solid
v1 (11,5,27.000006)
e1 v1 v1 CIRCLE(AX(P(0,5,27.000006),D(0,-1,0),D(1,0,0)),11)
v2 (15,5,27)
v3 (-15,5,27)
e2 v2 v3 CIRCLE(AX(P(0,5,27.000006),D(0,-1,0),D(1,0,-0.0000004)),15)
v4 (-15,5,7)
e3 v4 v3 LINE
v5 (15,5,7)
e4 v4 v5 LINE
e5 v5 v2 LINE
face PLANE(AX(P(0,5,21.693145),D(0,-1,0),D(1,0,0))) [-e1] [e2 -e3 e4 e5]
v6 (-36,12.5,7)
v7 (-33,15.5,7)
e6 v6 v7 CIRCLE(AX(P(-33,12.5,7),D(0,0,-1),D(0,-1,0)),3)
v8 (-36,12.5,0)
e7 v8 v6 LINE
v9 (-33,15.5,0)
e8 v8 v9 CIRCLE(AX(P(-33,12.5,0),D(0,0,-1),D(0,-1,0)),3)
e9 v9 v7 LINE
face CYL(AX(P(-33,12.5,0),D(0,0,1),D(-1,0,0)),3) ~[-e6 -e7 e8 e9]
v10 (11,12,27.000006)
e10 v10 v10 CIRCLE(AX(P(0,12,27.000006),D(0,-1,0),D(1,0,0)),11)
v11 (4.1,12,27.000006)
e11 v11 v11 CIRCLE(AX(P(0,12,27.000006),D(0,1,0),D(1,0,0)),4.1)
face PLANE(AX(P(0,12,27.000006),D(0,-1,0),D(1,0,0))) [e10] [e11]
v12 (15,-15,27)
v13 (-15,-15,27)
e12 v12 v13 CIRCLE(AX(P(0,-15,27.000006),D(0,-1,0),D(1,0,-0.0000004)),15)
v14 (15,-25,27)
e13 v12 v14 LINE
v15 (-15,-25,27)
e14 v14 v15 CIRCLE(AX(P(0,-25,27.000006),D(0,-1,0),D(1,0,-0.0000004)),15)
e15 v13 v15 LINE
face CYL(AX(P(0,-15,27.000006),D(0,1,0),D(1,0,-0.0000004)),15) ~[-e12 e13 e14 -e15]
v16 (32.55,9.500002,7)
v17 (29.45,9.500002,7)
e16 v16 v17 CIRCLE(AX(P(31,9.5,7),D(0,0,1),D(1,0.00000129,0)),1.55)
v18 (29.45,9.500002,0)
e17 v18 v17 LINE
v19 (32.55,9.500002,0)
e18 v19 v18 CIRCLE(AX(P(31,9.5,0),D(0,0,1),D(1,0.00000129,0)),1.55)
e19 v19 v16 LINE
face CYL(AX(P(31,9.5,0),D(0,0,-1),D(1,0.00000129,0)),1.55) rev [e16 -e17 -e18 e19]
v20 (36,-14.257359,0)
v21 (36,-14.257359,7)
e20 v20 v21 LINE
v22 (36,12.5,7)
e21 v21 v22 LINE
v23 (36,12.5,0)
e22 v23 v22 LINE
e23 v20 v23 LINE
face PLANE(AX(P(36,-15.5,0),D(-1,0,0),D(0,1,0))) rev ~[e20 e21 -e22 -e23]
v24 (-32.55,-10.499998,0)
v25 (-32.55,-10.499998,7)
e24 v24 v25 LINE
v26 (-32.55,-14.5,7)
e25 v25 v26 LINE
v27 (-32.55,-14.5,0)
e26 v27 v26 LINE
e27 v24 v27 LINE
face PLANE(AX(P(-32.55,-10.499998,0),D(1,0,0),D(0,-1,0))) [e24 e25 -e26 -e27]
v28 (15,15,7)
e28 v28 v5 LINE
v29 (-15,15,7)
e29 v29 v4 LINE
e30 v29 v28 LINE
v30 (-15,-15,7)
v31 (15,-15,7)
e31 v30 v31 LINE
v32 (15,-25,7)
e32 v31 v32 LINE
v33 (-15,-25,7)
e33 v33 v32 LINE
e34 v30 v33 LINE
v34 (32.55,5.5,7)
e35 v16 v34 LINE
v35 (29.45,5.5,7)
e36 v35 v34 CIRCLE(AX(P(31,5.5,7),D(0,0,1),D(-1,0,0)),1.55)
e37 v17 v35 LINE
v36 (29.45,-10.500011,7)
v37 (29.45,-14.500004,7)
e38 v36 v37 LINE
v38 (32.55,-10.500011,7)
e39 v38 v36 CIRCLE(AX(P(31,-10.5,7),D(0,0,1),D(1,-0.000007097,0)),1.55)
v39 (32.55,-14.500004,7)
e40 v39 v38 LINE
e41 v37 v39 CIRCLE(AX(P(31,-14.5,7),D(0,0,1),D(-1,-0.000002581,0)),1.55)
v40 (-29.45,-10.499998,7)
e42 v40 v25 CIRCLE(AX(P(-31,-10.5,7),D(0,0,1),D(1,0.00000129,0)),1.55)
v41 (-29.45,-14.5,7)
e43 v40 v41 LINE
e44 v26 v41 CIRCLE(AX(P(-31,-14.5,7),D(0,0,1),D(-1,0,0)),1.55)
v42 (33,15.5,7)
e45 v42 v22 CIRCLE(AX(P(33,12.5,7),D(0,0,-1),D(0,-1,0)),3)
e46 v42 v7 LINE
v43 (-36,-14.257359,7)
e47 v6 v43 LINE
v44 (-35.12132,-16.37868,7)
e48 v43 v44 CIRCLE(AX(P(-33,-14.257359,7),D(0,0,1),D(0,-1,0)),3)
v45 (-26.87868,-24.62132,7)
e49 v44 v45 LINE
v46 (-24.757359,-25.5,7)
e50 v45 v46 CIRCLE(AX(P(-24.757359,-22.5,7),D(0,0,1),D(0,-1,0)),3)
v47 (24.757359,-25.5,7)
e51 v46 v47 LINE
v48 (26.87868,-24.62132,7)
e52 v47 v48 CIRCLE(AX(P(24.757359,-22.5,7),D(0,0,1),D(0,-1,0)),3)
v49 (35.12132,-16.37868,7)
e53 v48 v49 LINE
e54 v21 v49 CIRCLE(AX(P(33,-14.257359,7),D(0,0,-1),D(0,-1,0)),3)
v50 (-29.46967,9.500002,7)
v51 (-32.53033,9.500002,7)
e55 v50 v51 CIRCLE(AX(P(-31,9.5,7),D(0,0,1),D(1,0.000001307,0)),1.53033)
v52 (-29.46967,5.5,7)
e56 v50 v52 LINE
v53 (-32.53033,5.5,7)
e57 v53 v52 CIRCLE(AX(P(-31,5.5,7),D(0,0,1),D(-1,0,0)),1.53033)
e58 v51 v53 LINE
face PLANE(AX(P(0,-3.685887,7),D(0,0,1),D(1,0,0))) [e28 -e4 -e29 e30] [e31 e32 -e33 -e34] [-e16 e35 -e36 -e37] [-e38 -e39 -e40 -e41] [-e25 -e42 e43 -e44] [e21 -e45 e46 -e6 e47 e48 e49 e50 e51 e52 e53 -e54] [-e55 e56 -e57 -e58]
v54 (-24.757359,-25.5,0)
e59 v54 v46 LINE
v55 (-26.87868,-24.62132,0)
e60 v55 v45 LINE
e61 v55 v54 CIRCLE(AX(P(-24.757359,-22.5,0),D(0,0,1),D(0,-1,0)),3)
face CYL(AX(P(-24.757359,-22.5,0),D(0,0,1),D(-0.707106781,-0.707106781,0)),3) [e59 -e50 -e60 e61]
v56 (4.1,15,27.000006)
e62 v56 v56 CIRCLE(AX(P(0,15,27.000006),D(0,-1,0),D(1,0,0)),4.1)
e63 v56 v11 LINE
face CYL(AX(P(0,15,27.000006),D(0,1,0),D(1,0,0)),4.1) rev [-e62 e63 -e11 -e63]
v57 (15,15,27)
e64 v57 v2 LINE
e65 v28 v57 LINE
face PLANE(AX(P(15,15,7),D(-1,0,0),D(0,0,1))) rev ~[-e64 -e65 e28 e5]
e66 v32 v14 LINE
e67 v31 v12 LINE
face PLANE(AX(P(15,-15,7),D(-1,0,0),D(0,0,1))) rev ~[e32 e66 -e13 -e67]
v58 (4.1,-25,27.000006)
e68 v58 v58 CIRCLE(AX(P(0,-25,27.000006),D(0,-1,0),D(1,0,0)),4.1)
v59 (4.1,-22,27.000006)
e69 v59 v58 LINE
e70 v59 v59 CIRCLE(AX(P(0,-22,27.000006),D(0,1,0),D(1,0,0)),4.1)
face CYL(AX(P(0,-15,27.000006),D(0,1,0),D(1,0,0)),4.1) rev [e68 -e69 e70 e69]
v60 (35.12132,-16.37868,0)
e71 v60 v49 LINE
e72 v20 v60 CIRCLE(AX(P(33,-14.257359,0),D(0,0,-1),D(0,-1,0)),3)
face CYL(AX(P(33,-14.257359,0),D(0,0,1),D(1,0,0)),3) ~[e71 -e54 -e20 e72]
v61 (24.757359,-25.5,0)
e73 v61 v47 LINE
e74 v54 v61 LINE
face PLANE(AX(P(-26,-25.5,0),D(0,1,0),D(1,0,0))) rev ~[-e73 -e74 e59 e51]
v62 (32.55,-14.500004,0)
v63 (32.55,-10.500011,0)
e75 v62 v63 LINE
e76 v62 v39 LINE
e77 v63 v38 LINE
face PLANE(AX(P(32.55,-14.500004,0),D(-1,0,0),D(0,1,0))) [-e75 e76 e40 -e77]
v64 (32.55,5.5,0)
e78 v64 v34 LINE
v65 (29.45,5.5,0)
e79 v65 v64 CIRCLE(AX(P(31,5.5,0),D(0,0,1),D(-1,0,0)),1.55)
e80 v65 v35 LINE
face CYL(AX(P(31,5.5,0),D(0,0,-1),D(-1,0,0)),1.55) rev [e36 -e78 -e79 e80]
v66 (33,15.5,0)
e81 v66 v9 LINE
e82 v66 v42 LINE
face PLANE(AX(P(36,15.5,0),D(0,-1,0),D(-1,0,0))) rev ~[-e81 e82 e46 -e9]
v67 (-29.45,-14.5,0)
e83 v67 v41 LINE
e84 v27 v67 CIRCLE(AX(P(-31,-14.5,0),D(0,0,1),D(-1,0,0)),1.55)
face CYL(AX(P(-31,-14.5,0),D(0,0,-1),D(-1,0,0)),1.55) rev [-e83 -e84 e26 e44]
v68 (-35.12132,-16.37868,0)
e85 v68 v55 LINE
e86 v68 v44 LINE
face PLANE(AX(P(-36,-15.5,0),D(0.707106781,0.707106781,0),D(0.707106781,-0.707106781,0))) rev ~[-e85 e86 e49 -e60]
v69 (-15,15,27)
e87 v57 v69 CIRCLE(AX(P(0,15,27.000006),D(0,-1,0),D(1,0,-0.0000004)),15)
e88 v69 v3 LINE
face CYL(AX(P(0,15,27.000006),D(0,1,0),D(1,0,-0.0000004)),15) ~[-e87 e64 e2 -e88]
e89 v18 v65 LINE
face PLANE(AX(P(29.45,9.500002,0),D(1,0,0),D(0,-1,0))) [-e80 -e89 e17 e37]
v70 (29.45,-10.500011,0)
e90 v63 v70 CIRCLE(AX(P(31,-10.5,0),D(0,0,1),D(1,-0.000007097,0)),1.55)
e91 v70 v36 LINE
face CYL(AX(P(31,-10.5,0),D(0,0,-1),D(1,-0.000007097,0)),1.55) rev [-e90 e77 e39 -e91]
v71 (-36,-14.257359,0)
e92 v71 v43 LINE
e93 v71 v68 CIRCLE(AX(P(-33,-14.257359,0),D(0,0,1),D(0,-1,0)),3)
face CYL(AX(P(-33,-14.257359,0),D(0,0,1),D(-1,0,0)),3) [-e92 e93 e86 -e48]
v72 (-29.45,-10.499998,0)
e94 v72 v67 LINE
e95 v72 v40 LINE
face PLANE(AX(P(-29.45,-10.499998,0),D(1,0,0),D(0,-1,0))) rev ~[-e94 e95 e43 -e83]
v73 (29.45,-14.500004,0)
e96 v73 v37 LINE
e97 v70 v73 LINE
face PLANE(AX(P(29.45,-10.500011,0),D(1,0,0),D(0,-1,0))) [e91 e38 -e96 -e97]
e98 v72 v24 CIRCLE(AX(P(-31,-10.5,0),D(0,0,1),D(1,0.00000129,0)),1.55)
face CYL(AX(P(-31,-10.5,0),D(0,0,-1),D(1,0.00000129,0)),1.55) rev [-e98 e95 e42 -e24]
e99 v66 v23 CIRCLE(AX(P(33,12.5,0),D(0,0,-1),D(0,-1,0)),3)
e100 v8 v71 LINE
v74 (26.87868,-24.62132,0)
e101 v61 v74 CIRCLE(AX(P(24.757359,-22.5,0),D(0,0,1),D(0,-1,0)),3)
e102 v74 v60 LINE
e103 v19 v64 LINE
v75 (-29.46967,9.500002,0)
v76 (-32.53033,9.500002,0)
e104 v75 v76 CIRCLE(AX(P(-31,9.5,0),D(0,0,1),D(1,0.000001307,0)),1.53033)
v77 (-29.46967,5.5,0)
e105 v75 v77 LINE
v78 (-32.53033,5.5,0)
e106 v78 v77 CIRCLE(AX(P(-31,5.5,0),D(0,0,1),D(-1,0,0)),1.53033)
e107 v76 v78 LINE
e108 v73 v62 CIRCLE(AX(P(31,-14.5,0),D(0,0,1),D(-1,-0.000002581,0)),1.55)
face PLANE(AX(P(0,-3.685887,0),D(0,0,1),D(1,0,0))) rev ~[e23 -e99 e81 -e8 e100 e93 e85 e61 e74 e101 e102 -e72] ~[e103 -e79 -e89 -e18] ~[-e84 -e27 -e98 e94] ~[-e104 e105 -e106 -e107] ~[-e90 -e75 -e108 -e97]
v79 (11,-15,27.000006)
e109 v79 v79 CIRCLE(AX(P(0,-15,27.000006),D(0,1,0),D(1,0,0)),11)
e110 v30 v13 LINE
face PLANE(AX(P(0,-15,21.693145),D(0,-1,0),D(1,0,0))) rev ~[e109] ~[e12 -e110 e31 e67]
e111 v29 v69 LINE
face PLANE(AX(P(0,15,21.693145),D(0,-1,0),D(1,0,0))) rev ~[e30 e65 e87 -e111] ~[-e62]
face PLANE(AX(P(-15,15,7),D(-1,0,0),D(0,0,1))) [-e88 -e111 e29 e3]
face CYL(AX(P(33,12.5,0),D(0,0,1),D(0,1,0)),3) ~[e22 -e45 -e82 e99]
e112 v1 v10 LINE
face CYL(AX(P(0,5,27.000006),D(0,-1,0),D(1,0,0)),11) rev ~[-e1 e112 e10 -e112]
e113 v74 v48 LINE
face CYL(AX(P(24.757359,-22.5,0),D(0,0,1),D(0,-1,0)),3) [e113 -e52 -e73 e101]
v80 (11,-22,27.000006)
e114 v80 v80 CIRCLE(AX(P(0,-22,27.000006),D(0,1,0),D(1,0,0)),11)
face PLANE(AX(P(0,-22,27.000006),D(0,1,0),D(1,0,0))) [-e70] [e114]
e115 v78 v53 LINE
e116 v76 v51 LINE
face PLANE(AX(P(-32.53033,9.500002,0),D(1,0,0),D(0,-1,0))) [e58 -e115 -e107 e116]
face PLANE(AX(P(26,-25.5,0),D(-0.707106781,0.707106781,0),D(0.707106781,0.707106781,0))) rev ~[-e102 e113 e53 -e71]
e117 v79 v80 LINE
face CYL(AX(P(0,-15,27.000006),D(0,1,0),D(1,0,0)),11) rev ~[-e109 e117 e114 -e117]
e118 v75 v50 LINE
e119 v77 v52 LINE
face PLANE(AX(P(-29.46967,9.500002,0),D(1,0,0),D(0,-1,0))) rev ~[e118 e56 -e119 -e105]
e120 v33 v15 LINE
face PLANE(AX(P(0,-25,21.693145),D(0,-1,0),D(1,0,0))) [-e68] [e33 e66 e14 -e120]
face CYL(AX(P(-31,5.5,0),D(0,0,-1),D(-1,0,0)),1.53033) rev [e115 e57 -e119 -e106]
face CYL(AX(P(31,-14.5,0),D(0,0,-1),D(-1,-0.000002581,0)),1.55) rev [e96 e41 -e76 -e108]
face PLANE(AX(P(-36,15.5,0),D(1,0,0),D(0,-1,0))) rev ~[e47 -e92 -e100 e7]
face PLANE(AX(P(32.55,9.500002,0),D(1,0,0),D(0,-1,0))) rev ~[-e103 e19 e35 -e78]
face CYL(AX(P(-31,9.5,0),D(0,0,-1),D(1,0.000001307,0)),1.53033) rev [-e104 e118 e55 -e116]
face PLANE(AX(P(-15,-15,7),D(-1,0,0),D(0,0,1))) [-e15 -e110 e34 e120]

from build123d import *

# Parameters (mm, degrees)
SKETCH004_R     = 4.1
PAD002_DEPTH    = 10
SKETCH005_R     = 11
POCKET001_DEPTH = 7
PAD_DEPTH       = 7
FILLET_R        = 3
SKETCH002_R     = 4.1
PAD001_DEPTH    = 10
SKETCH003_R     = 11
POCKET_DEPTH    = 7


with BuildPart() as pocket001:
    # Sketch004 → Pad002 (new body)
    with BuildSketch(Plane.XZ.offset(15)):
        with BuildLine():
            Line((-15, 7), (15, 7))
            Line((15, 7), (15, 27))
            ThreePointArc((15, 27), (0, 42.000006), (-15, 27))
            Line((-15, 7), (-15, 27))
        make_face()
        with Locations((0, 27.000006)):
            Circle(SKETCH004_R, mode=Mode.SUBTRACT)
    extrude(amount=PAD002_DEPTH)

    # Sketch005 → Pocket001 (cut)
    with BuildSketch(Plane(origin=(0, -15, 0), x_dir=(1, 0, 0), z_dir=(0, 1, 0))):
        with Locations((0, -27.000006)):
            Circle(SKETCH005_R)
    extrude(amount=-POCKET001_DEPTH, mode=Mode.SUBTRACT)


with BuildPart() as grundplatte001:
    # Sketch → Pad (new body)
    with BuildSketch(Plane.XY):
        Polygon((-36, 15.5), (-36, -15.5), (-26, -25.5), (26, -25.5), (36, -15.5), (36, 15.5), align=None)
        with BuildLine():
            Line((-32.53033, 9.500002), (-32.53033, 5.5))
            ThreePointArc((-32.53033, 5.5), (-31, 3.96967), (-29.46967, 5.5))
            Line((-29.46967, 9.500002), (-29.46967, 5.5))
            ThreePointArc((-29.46967, 9.500002), (-31, 11.03033), (-32.53033, 9.500002))
        make_face(mode=Mode.SUBTRACT)
        with BuildLine():
            Line((-32.55, -10.499998), (-32.55, -14.5))
            ThreePointArc((-32.55, -14.5), (-31, -16.05), (-29.45, -14.5))
            Line((-29.45, -10.499998), (-29.45, -14.5))
            ThreePointArc((-29.45, -10.499998), (-31, -8.95), (-32.55, -10.499998))
        make_face(mode=Mode.SUBTRACT)
        with BuildLine():
            Line((29.45, -10.500011), (29.45, -14.500004))
            ThreePointArc((29.45, -14.500004), (31, -16.05), (32.55, -14.500004))
            Line((32.55, -14.500004), (32.55, -10.500011))
            ThreePointArc((32.55, -10.500011), (31, -8.95), (29.45, -10.500011))
        make_face(mode=Mode.SUBTRACT)
        with BuildLine():
            Line((32.55, 9.500002), (32.55, 5.5))
            ThreePointArc((29.45, 5.5), (31, 3.95), (32.55, 5.5))
            Line((29.45, 9.500002), (29.45, 5.5))
            ThreePointArc((32.55, 9.500002), (31, 11.05), (29.45, 9.500002))
        make_face(mode=Mode.SUBTRACT)
    extrude(amount=PAD_DEPTH)

    # Fillet
    fillet_edges = [grundplatte001.edges().sort_by_distance(p)[0] for p in [
        (26, -25.5, 3.5),
        (-26, -25.5, 3.5),
        (36, -15.5, 3.5),
        (-36, -15.5, 3.5),
        (36, 15.5, 3.5),
        (-36, 15.5, 3.5),
    ]]
    fillet(fillet_edges, radius=FILLET_R)


with BuildPart() as fusion001:
    # Fusion001 base: copy of Grundplatte001
    add(grundplatte001.part)

    # Fusion001: union Pocket001
    add(pocket001.part)


with BuildPart() as lagerbock:
    # Sketch002 → Pad001 (new body)
    with BuildSketch(Plane.XZ.offset(-15)):
        with BuildLine():
            Line((-15, 7), (15, 7))
            Line((15, 7), (15, 27))
            ThreePointArc((15, 27), (0, 42.000006), (-15, 27))
            Line((-15, 7), (-15, 27))
        make_face()
        with Locations((0, 27.000006)):
            Circle(SKETCH002_R, mode=Mode.SUBTRACT)
    extrude(amount=PAD001_DEPTH)

    # Sketch003 → Pocket (cut)
    with BuildSketch(Plane.XZ.offset(-5)):
        with Locations((0, 27.000006)):
            Circle(SKETCH003_R)
    extrude(amount=-POCKET_DEPTH, mode=Mode.SUBTRACT)


with BuildPart() as fusion002:
    # Fusion base: copy of Grundplatte001
    add(grundplatte001.part)

    # Fusion: union Lagerbock
    add(lagerbock.part)

    # Fusion002: union Fusion001
    add(fusion001.part)


solid = fusion002.part
